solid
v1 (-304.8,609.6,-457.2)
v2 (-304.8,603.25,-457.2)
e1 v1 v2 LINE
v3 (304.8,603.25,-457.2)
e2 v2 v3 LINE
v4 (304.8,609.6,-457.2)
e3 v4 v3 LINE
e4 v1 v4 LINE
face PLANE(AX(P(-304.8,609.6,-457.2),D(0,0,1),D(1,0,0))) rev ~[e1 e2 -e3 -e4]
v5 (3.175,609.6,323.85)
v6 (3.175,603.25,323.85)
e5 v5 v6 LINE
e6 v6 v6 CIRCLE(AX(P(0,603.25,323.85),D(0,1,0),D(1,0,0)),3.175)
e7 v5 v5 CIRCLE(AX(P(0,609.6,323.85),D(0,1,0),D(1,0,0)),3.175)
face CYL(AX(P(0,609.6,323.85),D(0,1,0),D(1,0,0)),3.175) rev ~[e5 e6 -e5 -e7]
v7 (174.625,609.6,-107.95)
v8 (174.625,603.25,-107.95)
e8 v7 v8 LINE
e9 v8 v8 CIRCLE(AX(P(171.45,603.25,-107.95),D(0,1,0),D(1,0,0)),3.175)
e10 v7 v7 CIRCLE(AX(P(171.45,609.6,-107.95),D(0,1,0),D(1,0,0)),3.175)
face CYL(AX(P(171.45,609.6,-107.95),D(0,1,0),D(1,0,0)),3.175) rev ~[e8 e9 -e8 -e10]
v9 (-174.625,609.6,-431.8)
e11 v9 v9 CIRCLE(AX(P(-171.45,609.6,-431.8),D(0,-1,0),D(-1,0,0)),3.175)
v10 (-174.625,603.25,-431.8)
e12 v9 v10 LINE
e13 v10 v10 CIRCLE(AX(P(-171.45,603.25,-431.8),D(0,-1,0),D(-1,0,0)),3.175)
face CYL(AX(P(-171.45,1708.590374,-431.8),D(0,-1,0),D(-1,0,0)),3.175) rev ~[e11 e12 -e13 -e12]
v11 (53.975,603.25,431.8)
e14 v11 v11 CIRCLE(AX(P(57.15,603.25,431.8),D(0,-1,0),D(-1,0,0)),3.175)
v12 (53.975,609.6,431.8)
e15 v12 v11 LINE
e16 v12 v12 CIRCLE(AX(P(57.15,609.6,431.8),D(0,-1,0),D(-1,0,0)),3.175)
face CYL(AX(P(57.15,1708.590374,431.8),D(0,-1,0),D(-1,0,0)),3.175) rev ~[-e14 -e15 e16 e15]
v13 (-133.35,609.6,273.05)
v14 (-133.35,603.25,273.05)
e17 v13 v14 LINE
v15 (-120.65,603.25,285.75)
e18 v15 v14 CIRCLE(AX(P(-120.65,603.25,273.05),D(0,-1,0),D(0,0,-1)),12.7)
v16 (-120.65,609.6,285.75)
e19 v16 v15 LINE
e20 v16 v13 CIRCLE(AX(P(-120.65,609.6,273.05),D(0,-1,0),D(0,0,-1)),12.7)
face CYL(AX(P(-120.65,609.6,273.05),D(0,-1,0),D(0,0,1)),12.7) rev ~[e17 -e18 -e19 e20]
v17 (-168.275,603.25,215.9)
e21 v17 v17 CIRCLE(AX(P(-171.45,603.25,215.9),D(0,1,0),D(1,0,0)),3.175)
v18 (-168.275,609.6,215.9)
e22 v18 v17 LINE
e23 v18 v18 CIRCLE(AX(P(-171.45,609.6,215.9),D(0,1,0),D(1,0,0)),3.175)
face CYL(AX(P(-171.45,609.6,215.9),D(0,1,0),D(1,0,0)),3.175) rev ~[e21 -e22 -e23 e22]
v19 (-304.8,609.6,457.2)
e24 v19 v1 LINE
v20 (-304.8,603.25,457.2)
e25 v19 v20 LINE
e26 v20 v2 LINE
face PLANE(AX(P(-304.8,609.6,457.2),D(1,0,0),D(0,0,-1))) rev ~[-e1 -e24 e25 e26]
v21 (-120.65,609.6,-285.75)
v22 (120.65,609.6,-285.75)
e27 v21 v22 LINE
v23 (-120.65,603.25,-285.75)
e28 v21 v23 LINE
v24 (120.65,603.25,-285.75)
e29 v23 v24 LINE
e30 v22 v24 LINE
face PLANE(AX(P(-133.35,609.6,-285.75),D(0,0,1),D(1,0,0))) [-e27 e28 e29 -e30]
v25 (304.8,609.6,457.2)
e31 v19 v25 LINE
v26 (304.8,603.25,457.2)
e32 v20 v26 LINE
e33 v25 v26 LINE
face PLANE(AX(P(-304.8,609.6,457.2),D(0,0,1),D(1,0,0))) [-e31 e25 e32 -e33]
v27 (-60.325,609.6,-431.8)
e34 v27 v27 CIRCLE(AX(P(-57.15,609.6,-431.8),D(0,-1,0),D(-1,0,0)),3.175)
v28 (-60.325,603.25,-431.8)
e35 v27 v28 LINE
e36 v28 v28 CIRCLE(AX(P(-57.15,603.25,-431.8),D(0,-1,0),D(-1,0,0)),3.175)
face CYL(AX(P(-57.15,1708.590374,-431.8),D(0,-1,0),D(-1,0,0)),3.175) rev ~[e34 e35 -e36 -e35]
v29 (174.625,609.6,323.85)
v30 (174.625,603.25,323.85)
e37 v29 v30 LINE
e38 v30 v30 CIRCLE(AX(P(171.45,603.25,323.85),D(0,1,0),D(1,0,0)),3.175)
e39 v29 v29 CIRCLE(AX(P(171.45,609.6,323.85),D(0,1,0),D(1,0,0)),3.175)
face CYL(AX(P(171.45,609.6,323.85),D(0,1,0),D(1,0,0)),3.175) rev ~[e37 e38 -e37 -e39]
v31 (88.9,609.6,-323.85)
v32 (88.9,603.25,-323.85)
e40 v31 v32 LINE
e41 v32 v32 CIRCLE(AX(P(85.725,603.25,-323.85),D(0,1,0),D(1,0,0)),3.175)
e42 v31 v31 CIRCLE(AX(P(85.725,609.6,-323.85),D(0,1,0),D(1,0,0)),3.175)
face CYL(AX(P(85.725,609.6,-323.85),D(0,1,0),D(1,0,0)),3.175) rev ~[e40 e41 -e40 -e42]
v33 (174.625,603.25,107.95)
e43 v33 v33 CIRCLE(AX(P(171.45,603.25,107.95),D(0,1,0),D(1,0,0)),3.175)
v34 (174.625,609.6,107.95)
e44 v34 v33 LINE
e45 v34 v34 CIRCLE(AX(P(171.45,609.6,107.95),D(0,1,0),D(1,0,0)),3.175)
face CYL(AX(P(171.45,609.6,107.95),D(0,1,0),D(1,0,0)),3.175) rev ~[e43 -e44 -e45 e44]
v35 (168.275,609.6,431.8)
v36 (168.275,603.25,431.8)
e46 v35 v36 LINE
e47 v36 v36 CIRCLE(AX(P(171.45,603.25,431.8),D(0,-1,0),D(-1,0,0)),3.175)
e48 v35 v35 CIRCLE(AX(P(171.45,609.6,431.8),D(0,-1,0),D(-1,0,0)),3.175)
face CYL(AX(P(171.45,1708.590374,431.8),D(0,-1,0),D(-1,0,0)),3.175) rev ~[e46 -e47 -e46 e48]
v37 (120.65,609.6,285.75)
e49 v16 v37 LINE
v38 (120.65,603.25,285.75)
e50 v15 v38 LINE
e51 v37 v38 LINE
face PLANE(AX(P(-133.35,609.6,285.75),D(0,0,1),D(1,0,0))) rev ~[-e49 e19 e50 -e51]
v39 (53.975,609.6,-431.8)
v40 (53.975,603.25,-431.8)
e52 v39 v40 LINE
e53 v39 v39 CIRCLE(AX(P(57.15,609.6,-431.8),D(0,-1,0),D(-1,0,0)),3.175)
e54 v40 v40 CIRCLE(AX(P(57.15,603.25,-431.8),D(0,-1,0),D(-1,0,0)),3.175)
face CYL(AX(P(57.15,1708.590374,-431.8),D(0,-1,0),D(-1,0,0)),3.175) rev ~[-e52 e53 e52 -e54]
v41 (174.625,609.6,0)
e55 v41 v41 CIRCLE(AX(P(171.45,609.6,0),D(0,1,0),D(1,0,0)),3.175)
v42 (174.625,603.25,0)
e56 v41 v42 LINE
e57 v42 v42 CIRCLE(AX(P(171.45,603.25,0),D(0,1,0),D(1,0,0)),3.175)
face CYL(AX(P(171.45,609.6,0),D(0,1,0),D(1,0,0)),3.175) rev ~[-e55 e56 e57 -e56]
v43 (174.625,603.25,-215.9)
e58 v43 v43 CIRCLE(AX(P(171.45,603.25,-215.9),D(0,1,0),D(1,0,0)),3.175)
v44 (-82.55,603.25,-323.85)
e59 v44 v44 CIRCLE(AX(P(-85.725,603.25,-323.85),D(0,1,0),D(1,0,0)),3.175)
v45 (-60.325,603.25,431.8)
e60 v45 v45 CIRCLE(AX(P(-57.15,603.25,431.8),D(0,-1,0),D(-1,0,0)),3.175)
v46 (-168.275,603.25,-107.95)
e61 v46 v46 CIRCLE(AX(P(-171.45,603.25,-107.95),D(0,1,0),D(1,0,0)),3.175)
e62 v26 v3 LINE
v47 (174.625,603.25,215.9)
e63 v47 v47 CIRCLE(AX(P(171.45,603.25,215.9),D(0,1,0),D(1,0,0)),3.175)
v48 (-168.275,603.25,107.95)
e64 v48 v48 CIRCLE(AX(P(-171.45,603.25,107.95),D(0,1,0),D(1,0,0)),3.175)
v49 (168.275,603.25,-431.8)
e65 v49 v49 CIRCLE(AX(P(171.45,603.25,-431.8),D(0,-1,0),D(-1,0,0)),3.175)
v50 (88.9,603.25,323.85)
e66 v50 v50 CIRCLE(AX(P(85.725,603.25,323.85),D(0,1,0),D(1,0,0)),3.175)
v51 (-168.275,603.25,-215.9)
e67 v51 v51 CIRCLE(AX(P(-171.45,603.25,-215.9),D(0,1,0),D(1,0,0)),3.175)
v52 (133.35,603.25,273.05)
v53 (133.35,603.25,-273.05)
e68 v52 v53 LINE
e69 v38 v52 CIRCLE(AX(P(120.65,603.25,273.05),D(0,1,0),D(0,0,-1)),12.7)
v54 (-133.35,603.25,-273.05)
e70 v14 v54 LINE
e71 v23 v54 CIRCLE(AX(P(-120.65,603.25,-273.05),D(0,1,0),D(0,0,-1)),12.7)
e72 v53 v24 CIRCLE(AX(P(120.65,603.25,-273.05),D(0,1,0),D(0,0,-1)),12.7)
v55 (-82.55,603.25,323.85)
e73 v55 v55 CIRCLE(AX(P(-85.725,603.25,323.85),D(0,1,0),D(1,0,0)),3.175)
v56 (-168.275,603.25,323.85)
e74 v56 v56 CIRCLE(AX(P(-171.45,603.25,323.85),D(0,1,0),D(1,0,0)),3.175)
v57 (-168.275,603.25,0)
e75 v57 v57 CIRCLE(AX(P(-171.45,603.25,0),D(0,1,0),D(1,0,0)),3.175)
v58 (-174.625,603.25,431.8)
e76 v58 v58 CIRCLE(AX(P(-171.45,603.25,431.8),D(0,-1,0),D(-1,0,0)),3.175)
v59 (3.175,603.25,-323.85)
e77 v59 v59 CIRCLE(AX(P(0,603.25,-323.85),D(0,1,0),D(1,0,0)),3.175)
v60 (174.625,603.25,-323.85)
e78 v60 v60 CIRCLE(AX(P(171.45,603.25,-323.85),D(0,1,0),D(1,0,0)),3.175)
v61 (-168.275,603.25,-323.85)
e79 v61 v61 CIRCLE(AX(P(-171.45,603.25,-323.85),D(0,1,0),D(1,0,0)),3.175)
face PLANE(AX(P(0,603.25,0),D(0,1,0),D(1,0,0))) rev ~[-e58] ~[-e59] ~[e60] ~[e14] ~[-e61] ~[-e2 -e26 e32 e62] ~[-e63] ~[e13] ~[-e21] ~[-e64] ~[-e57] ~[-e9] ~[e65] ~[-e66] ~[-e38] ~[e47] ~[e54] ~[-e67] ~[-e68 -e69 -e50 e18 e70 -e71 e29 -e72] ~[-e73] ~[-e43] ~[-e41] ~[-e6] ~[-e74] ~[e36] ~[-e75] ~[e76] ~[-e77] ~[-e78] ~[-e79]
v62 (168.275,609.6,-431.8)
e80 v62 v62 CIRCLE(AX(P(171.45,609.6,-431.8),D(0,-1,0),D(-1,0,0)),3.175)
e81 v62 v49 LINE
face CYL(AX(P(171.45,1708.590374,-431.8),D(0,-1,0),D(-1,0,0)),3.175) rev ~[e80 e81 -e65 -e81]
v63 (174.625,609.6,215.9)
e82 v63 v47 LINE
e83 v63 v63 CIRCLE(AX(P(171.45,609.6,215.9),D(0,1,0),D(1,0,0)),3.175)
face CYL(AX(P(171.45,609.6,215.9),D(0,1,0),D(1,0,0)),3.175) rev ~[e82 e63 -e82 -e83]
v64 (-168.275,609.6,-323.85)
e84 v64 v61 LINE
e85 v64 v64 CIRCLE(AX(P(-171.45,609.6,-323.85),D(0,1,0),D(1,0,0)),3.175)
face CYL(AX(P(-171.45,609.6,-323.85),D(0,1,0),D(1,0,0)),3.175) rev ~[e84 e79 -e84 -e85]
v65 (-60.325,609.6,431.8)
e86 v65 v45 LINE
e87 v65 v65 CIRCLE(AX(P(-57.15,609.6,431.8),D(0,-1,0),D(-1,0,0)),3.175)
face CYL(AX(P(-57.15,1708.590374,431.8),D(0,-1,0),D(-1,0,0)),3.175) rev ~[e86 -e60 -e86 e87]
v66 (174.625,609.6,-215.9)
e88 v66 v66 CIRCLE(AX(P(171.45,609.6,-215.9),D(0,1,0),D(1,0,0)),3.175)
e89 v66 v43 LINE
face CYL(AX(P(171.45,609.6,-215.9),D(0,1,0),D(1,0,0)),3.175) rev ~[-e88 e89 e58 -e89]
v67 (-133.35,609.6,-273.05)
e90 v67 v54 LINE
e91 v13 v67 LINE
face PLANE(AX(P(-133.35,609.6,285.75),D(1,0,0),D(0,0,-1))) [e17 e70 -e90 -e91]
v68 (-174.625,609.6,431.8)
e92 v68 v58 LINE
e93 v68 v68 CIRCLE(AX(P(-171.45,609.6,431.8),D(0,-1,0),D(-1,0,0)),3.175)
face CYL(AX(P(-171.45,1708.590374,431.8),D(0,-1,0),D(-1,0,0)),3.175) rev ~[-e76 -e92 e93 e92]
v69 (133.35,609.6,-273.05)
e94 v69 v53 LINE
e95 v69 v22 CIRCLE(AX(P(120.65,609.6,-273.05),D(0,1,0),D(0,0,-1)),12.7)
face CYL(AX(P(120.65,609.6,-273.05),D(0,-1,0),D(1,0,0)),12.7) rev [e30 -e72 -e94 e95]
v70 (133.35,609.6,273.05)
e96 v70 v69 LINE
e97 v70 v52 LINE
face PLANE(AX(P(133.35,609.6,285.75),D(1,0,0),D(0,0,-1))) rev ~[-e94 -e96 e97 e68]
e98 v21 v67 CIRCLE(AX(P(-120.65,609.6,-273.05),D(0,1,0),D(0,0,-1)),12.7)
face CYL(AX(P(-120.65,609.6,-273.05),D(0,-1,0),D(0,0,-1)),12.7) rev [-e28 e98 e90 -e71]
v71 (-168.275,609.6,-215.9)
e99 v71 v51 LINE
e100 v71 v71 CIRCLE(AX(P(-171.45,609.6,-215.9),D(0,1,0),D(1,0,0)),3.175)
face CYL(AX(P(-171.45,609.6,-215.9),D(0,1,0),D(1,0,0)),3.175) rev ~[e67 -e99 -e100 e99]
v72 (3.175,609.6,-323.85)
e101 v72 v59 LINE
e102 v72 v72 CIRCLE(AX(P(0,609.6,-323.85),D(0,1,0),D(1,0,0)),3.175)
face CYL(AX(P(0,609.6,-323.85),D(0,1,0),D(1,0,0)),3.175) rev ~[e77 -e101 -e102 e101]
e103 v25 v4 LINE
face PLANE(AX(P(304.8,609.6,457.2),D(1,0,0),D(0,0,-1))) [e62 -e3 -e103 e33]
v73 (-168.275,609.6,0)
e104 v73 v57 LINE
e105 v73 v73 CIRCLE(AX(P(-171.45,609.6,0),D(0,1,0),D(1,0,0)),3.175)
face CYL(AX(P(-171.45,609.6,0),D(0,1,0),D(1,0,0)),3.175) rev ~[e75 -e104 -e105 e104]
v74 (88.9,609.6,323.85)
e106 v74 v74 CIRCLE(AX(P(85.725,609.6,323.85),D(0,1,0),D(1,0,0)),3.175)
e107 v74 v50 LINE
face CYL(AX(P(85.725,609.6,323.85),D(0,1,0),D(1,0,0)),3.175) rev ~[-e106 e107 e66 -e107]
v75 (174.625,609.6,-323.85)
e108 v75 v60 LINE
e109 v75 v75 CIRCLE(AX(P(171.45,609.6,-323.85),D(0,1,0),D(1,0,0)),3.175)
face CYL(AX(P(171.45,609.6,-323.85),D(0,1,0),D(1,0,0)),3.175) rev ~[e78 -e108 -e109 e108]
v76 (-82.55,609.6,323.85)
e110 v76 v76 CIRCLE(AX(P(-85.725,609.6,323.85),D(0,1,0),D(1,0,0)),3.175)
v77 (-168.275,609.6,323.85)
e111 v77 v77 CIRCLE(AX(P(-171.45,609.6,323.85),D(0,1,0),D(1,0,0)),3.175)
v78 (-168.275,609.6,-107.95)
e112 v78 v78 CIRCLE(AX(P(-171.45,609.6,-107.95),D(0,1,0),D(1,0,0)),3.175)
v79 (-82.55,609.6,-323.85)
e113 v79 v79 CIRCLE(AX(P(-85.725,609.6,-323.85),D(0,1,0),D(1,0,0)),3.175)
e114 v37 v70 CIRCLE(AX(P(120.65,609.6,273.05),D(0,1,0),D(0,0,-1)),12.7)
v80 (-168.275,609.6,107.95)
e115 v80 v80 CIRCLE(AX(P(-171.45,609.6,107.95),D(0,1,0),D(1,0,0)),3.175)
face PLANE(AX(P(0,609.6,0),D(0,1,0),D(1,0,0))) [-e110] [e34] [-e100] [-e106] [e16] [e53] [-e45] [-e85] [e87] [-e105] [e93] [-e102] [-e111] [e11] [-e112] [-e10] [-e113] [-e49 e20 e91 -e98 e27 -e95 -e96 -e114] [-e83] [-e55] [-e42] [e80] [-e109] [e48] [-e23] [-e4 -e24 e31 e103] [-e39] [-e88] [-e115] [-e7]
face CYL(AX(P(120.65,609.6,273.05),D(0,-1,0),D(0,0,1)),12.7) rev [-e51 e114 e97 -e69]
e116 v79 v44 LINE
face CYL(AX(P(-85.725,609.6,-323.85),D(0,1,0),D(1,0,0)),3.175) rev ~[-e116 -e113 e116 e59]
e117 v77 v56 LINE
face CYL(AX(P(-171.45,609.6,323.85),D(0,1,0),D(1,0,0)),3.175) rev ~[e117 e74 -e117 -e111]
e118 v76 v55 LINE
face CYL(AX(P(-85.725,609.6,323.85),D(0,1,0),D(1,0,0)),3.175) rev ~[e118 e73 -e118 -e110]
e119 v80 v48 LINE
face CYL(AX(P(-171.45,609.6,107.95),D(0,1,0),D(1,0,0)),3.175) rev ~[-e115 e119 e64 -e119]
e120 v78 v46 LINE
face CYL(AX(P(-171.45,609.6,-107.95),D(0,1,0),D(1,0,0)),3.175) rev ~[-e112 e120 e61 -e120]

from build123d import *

# Parameters (mm, degrees)
SKETCH1_W                   = 609.6
SKETCH1_H                   = 914.4
BOSS_EXTRUDE1_DEPTH         = 6.35
SKETCH2_W                   = 266.7
SKETCH2_H                   = 571.5
CUT_EXTRUDE1_DEPTH          = 7.35
FILLET1_R                   = 12.7
SKETCH3_R                   = 3.175
CUT_EXTRUDE2_DEPTH          = 7.35
F_1_4_0_25_DIAMETER_HOLE1_D = 6.35
LPATTERN1_COUNT             = 4
LPATTERN1_PITCH             = 114.3
F_1_4_0_25_DIAMETER_HOLE2_D = 6.35
LPATTERN2_COUNT             = 4
LPATTERN2_PITCH             = 114.3


with BuildPart() as part:
    # Sketch1 → Boss-Extrude1 (new body)
    with BuildSketch(Plane(origin=(0, 609.6, 0), x_dir=(1, 0, 0), z_dir=(0, 1, 0))):
        Rectangle(SKETCH1_W, SKETCH1_H)
    extrude(amount=-BOSS_EXTRUDE1_DEPTH)

    # Sketch2 → Cut-Extrude1 (cut, through all)
    with BuildSketch(Plane(origin=(0, 609.6, 0), x_dir=(1, 0, 0), z_dir=(0, 1, 0))):
        Rectangle(SKETCH2_W, SKETCH2_H)
    extrude(amount=-CUT_EXTRUDE1_DEPTH, mode=Mode.SUBTRACT)

    # Fillet1
    fillet1_edges = [part.edges().sort_by_distance(p)[0] for p in [
        (-133.35, 606.425, 285.75),
        (-133.35, 606.425, -285.75),
        (133.35, 606.425, -285.75),
        (133.35, 606.425, 285.75),
    ]]
    fillet(fillet1_edges, radius=FILLET1_R)

    # Sketch3 → Cut-Extrude2 (cut, through all)
    with BuildSketch(Plane(origin=(0, 609.6, 0), x_dir=(1, 0, 0), z_dir=(0, 1, 0))):
        with Locations((-171.45, 215.9)):
            Circle(SKETCH3_R)
        with Locations((-171.45, 107.95)):
            Circle(SKETCH3_R)
        with Locations((-171.45, 0)):
            Circle(SKETCH3_R)
        with Locations((-171.45, -107.95)):
            Circle(SKETCH3_R)
        with Locations((-171.45, -215.9)):
            Circle(SKETCH3_R)
        with Locations((-171.45, -323.85)):
            Circle(SKETCH3_R)
        with Locations((-85.725, -323.85)):
            Circle(SKETCH3_R)
        with Locations((0, -323.85)):
            Circle(SKETCH3_R)
        with Locations((85.725, -323.85)):
            Circle(SKETCH3_R)
        with Locations((171.45, -323.85)):
            Circle(SKETCH3_R)
        with Locations((171.45, -215.9)):
            Circle(SKETCH3_R)
        with Locations((171.45, -107.95)):
            Circle(SKETCH3_R)
        with Locations((171.45, 0)):
            Circle(SKETCH3_R)
        with Locations((171.45, 107.95)):
            Circle(SKETCH3_R)
        with Locations((171.45, 215.9)):
            Circle(SKETCH3_R)
        with Locations((171.45, 323.85)):
            Circle(SKETCH3_R)
        with Locations((85.725, 323.85)):
            Circle(SKETCH3_R)
        with Locations((0, 323.85)):
            Circle(SKETCH3_R)
        with Locations((-85.725, 323.85)):
            Circle(SKETCH3_R)
        with Locations((-171.45, 323.85)):
            Circle(SKETCH3_R)
    extrude(amount=-CUT_EXTRUDE2_DEPTH, mode=Mode.SUBTRACT)

    # 1/4 (0.25) Diameter Hole1 (through all)
    with Locations(Plane(origin=(0, 609.6, 0), x_dir=(1, 0, 0), z_dir=(0, 1, 0))):
        with Locations((171.45, -431.8)):
            f_1_4_0_25_diameter_hole1 = Hole(F_1_4_0_25_DIAMETER_HOLE1_D / 2)

    # LPattern1: 1/4 (0.25) Diameter Hole1 ×4
    with Locations(*[(-i * LPATTERN1_PITCH, 0, 0) for i in range(1, LPATTERN1_COUNT)]):
        add(f_1_4_0_25_diameter_hole1, mode=Mode.SUBTRACT)

    # 1/4 (0.25) Diameter Hole2 (through all)
    with Locations(Plane(origin=(0, 609.6, 0), x_dir=(1, 0, 0), z_dir=(0, 1, 0))):
        with Locations((-171.45, 431.8)):
            f_1_4_0_25_diameter_hole2 = Hole(F_1_4_0_25_DIAMETER_HOLE2_D / 2)

    # LPattern2: 1/4 (0.25) Diameter Hole2 ×4
    with Locations(*[(i * LPATTERN2_PITCH, 0, 0) for i in range(1, LPATTERN2_COUNT)]):
        add(f_1_4_0_25_diameter_hole2, mode=Mode.SUBTRACT)


solid = part.part
